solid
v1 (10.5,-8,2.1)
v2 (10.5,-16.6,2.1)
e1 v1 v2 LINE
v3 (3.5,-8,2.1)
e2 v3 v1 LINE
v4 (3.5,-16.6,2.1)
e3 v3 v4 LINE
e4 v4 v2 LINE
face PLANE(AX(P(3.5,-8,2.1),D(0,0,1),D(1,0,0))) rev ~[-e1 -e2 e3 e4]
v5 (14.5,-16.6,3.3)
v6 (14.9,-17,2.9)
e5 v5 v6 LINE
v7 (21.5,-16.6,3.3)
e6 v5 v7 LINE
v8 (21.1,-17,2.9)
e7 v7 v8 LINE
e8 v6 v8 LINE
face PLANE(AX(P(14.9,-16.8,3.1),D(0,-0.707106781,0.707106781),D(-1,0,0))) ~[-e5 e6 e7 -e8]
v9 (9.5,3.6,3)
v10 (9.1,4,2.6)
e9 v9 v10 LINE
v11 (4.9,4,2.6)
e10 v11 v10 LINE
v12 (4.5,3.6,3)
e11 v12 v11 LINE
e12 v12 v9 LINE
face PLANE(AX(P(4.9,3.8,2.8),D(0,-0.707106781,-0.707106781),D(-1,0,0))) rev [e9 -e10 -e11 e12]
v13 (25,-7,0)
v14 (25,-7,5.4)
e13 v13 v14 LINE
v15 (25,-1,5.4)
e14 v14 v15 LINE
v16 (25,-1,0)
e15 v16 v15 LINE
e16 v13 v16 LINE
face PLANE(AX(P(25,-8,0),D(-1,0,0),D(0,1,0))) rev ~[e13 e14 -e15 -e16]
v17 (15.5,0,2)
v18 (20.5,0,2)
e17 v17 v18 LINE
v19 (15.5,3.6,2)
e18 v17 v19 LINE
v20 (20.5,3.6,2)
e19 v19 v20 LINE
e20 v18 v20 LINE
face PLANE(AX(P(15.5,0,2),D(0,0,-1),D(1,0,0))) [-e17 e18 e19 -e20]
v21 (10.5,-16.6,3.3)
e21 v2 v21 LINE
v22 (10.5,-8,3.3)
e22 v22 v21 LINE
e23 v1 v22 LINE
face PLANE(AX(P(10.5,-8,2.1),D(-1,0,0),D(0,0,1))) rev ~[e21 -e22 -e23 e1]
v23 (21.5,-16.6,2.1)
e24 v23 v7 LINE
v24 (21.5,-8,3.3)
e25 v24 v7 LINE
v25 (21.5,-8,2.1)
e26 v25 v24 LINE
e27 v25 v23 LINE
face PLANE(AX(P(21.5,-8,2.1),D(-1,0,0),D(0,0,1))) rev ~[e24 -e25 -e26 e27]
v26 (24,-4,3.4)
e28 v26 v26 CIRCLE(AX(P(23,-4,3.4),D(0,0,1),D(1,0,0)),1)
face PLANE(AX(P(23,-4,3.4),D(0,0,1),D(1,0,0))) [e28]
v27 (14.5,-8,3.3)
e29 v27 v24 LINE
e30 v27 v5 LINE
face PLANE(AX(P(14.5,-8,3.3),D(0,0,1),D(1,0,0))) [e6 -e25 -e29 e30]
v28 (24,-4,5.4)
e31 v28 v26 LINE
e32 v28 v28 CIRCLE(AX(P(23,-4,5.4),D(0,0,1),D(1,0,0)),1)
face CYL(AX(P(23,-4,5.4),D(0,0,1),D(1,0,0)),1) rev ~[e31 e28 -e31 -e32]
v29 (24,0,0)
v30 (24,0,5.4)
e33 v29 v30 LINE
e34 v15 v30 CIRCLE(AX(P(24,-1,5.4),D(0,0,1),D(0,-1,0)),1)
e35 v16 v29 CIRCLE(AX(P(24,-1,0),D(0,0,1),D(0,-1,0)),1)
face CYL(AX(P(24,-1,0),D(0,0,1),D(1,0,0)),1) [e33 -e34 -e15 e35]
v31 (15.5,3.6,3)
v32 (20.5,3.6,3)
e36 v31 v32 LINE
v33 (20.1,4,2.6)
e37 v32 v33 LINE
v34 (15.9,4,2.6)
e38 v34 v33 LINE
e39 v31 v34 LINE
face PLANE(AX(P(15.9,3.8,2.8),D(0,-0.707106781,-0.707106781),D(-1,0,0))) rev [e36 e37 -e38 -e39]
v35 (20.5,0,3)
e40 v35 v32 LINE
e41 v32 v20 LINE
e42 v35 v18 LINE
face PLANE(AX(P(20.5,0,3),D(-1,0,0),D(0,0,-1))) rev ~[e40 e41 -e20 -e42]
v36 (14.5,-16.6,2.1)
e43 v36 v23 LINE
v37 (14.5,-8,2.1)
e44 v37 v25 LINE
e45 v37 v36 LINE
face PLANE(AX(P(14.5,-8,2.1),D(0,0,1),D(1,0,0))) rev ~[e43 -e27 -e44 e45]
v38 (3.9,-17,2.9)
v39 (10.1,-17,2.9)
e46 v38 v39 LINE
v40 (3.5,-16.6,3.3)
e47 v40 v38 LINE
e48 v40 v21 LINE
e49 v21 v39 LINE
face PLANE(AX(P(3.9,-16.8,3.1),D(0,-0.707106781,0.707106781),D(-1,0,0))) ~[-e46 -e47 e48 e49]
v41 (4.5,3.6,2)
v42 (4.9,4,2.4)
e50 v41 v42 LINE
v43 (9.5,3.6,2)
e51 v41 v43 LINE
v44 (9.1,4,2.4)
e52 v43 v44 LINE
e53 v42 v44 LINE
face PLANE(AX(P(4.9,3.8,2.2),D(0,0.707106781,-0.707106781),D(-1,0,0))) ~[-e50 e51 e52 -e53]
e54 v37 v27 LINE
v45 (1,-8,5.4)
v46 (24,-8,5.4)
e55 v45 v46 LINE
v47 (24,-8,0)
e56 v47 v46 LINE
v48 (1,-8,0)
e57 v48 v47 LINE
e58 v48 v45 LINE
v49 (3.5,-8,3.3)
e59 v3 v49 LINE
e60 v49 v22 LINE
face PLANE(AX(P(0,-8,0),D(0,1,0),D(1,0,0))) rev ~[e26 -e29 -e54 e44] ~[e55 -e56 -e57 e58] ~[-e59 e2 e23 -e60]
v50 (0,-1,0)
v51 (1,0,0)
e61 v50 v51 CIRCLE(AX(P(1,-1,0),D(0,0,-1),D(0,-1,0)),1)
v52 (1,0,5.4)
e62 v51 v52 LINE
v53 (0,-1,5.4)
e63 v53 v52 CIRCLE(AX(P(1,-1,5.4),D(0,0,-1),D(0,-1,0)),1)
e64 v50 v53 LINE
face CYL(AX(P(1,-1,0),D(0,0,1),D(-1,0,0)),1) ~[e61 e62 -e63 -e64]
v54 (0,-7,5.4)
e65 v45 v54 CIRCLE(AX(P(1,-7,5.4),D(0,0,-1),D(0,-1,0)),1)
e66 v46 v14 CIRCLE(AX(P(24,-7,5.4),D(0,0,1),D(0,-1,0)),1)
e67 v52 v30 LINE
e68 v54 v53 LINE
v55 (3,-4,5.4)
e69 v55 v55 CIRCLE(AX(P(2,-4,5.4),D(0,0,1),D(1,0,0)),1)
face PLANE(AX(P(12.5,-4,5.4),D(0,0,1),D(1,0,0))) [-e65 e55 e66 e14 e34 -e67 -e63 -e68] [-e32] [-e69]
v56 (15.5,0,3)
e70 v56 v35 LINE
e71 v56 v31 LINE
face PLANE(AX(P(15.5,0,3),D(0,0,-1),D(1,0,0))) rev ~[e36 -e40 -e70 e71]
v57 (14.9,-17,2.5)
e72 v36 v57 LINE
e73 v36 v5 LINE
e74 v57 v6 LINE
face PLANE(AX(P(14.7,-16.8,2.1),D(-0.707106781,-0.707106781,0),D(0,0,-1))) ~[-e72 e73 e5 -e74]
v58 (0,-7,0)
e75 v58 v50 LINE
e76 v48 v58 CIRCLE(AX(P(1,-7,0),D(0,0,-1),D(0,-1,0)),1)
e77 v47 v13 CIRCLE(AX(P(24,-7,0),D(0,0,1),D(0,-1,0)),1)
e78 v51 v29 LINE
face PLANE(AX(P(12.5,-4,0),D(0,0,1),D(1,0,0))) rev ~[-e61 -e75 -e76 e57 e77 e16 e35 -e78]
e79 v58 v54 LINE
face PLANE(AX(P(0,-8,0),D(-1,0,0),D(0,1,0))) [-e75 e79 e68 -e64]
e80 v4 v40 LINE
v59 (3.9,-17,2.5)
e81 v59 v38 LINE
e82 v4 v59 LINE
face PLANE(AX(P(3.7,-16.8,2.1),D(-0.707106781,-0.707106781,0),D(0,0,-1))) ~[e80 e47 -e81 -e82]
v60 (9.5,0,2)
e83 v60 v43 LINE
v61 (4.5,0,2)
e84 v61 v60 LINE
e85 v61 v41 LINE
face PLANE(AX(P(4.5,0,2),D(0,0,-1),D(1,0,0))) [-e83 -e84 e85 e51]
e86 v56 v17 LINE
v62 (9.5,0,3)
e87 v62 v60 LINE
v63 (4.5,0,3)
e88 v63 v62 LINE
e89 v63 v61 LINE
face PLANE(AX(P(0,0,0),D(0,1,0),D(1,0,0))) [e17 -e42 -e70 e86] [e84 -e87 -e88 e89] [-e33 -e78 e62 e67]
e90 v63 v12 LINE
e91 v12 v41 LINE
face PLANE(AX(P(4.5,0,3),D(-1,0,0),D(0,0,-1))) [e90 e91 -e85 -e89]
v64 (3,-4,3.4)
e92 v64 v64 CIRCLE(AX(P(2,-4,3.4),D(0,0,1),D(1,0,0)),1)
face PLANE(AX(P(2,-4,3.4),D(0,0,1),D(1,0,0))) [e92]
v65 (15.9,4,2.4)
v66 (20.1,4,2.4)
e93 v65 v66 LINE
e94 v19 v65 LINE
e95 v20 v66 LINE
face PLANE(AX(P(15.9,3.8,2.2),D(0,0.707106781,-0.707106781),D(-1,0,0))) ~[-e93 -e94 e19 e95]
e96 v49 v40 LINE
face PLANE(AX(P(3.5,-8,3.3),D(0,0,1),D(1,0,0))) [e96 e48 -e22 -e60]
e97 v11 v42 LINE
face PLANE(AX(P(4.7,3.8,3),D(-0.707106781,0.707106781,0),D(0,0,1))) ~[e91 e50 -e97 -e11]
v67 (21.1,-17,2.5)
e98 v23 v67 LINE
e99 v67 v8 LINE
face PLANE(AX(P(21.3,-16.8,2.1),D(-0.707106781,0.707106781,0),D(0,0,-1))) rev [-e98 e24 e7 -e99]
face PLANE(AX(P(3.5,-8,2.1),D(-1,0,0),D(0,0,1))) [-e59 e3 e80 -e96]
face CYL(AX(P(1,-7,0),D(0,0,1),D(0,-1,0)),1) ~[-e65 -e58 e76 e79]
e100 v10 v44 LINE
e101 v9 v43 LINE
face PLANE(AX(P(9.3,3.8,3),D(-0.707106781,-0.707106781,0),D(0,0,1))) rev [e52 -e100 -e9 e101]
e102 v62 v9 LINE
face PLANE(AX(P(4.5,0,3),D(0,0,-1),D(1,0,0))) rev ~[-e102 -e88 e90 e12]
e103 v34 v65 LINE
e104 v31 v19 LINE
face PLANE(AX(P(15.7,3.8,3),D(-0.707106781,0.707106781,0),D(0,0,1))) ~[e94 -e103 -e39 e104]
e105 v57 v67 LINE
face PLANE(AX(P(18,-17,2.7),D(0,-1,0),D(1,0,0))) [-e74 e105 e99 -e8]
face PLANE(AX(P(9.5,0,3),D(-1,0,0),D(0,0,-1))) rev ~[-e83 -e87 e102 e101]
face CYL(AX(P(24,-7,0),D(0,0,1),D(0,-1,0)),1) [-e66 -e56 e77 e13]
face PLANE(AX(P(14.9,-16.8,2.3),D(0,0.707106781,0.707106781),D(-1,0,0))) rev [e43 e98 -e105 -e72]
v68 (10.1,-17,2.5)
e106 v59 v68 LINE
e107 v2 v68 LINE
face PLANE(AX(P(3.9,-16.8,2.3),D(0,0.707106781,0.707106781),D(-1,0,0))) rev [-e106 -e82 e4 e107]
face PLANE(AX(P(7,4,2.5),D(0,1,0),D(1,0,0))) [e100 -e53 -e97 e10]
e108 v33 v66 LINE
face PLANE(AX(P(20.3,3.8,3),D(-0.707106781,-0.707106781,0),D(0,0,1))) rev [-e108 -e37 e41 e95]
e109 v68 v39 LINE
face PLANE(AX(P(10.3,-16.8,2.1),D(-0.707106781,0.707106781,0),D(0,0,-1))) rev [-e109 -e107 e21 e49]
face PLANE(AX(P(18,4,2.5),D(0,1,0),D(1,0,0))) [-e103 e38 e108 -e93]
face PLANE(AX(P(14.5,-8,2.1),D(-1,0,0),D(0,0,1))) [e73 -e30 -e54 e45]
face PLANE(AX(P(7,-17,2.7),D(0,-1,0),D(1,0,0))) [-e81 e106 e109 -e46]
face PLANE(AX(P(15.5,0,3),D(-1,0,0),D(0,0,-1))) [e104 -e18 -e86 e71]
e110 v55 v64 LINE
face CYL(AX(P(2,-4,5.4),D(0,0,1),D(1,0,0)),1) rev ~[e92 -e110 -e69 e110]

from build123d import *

# Parameters (mm, degrees)
SKETCH_1_W          = 25
SKETCH_1_H          = 8
EXTRUDE_1_DEPTH     = 5.4
SKETCH_2_W          = 7
SKETCH_2_H          = 1.2
EXTRUDE_2_DEPTH     = 9
SKETCH_3_W          = 5
SKETCH_3_H          = 1
EXTRUDE_3_DEPTH     = 4
CHAMFER_2_SIZE      = 0.4
CHAMFER_3_SIZE      = 0.4
SKETCH_4_R          = 1
CUT_EXTRUDE_1_DEPTH = 2
FILLET_1_R          = 1


with BuildPart() as part:
    # 草图1 → 凸台-拉伸1 (new body)
    with BuildSketch(Plane.XY):
        with Locations((12.5, -4)):
            Rectangle(SKETCH_1_W, SKETCH_1_H)
    extrude(amount=EXTRUDE_1_DEPTH)

    # 草图2 → 凸台-拉伸2 (add)
    with BuildSketch(Plane.XZ.offset(8)):
        with Locations((7, 2.7)):
            Rectangle(SKETCH_2_W, SKETCH_2_H)
        with Locations((18, 2.7)):
            Rectangle(SKETCH_2_W, SKETCH_2_H)
    extrude(amount=EXTRUDE_2_DEPTH)

    # 草图3 → 凸台-拉伸3 (add)
    with BuildSketch(Plane(origin=(0, 0, 0), x_dir=(1, 0, 0), z_dir=(0, 1, 0))):
        with Locations((7, -2.5)):
            Rectangle(SKETCH_3_W, SKETCH_3_H)
        with Locations((18, -2.5)):
            Rectangle(SKETCH_3_W, SKETCH_3_H)
    extrude(amount=EXTRUDE_3_DEPTH)

    # 倒角2
    chamfer_2_edges = [part.edges().sort_by_distance(p)[0] for p in [
        (3.5, -17, 2.7),
        (10.5, -17, 2.7),
        (14.5, -17, 2.7),
        (21.5, -17, 2.7),
        (4.5, 4, 2.5),
        (9.5, 4, 2.5),
        (15.5, 4, 2.5),
        (20.5, 4, 2.5),
    ]]
    chamfer(chamfer_2_edges, length=CHAMFER_2_SIZE)

    # 倒角3
    chamfer_3_edges = [part.edges().sort_by_distance(p)[0] for p in [
        (7, 4, 2),
        (7, 4, 3),
        (18, 4, 2),
        (18, 4, 3),
        (18, -17, 2.1),
        (18, -17, 3.3),
        (7, -17, 2.1),
        (7, -17, 3.3),
    ]]
    chamfer(chamfer_3_edges, length=CHAMFER_3_SIZE)

    # 草图4 → 切除-拉伸1 (cut)
    with BuildSketch(Plane.XY.offset(5.4)):
        with Locations((2, -4)):
            Circle(SKETCH_4_R)
        with Locations((23, -4)):
            Circle(SKETCH_4_R)
    extrude(amount=-CUT_EXTRUDE_1_DEPTH, mode=Mode.SUBTRACT)

    # 圆角1
    fillet_1_edges = [part.edges().sort_by_distance(p)[0] for p in [
        (0, 0, 2.7),
        (25, 0, 2.7),
        (25, -8, 2.7),
        (0, -8, 2.7),
    ]]
    fillet(fillet_1_edges, radius=FILLET_1_R)


solid = part.part
